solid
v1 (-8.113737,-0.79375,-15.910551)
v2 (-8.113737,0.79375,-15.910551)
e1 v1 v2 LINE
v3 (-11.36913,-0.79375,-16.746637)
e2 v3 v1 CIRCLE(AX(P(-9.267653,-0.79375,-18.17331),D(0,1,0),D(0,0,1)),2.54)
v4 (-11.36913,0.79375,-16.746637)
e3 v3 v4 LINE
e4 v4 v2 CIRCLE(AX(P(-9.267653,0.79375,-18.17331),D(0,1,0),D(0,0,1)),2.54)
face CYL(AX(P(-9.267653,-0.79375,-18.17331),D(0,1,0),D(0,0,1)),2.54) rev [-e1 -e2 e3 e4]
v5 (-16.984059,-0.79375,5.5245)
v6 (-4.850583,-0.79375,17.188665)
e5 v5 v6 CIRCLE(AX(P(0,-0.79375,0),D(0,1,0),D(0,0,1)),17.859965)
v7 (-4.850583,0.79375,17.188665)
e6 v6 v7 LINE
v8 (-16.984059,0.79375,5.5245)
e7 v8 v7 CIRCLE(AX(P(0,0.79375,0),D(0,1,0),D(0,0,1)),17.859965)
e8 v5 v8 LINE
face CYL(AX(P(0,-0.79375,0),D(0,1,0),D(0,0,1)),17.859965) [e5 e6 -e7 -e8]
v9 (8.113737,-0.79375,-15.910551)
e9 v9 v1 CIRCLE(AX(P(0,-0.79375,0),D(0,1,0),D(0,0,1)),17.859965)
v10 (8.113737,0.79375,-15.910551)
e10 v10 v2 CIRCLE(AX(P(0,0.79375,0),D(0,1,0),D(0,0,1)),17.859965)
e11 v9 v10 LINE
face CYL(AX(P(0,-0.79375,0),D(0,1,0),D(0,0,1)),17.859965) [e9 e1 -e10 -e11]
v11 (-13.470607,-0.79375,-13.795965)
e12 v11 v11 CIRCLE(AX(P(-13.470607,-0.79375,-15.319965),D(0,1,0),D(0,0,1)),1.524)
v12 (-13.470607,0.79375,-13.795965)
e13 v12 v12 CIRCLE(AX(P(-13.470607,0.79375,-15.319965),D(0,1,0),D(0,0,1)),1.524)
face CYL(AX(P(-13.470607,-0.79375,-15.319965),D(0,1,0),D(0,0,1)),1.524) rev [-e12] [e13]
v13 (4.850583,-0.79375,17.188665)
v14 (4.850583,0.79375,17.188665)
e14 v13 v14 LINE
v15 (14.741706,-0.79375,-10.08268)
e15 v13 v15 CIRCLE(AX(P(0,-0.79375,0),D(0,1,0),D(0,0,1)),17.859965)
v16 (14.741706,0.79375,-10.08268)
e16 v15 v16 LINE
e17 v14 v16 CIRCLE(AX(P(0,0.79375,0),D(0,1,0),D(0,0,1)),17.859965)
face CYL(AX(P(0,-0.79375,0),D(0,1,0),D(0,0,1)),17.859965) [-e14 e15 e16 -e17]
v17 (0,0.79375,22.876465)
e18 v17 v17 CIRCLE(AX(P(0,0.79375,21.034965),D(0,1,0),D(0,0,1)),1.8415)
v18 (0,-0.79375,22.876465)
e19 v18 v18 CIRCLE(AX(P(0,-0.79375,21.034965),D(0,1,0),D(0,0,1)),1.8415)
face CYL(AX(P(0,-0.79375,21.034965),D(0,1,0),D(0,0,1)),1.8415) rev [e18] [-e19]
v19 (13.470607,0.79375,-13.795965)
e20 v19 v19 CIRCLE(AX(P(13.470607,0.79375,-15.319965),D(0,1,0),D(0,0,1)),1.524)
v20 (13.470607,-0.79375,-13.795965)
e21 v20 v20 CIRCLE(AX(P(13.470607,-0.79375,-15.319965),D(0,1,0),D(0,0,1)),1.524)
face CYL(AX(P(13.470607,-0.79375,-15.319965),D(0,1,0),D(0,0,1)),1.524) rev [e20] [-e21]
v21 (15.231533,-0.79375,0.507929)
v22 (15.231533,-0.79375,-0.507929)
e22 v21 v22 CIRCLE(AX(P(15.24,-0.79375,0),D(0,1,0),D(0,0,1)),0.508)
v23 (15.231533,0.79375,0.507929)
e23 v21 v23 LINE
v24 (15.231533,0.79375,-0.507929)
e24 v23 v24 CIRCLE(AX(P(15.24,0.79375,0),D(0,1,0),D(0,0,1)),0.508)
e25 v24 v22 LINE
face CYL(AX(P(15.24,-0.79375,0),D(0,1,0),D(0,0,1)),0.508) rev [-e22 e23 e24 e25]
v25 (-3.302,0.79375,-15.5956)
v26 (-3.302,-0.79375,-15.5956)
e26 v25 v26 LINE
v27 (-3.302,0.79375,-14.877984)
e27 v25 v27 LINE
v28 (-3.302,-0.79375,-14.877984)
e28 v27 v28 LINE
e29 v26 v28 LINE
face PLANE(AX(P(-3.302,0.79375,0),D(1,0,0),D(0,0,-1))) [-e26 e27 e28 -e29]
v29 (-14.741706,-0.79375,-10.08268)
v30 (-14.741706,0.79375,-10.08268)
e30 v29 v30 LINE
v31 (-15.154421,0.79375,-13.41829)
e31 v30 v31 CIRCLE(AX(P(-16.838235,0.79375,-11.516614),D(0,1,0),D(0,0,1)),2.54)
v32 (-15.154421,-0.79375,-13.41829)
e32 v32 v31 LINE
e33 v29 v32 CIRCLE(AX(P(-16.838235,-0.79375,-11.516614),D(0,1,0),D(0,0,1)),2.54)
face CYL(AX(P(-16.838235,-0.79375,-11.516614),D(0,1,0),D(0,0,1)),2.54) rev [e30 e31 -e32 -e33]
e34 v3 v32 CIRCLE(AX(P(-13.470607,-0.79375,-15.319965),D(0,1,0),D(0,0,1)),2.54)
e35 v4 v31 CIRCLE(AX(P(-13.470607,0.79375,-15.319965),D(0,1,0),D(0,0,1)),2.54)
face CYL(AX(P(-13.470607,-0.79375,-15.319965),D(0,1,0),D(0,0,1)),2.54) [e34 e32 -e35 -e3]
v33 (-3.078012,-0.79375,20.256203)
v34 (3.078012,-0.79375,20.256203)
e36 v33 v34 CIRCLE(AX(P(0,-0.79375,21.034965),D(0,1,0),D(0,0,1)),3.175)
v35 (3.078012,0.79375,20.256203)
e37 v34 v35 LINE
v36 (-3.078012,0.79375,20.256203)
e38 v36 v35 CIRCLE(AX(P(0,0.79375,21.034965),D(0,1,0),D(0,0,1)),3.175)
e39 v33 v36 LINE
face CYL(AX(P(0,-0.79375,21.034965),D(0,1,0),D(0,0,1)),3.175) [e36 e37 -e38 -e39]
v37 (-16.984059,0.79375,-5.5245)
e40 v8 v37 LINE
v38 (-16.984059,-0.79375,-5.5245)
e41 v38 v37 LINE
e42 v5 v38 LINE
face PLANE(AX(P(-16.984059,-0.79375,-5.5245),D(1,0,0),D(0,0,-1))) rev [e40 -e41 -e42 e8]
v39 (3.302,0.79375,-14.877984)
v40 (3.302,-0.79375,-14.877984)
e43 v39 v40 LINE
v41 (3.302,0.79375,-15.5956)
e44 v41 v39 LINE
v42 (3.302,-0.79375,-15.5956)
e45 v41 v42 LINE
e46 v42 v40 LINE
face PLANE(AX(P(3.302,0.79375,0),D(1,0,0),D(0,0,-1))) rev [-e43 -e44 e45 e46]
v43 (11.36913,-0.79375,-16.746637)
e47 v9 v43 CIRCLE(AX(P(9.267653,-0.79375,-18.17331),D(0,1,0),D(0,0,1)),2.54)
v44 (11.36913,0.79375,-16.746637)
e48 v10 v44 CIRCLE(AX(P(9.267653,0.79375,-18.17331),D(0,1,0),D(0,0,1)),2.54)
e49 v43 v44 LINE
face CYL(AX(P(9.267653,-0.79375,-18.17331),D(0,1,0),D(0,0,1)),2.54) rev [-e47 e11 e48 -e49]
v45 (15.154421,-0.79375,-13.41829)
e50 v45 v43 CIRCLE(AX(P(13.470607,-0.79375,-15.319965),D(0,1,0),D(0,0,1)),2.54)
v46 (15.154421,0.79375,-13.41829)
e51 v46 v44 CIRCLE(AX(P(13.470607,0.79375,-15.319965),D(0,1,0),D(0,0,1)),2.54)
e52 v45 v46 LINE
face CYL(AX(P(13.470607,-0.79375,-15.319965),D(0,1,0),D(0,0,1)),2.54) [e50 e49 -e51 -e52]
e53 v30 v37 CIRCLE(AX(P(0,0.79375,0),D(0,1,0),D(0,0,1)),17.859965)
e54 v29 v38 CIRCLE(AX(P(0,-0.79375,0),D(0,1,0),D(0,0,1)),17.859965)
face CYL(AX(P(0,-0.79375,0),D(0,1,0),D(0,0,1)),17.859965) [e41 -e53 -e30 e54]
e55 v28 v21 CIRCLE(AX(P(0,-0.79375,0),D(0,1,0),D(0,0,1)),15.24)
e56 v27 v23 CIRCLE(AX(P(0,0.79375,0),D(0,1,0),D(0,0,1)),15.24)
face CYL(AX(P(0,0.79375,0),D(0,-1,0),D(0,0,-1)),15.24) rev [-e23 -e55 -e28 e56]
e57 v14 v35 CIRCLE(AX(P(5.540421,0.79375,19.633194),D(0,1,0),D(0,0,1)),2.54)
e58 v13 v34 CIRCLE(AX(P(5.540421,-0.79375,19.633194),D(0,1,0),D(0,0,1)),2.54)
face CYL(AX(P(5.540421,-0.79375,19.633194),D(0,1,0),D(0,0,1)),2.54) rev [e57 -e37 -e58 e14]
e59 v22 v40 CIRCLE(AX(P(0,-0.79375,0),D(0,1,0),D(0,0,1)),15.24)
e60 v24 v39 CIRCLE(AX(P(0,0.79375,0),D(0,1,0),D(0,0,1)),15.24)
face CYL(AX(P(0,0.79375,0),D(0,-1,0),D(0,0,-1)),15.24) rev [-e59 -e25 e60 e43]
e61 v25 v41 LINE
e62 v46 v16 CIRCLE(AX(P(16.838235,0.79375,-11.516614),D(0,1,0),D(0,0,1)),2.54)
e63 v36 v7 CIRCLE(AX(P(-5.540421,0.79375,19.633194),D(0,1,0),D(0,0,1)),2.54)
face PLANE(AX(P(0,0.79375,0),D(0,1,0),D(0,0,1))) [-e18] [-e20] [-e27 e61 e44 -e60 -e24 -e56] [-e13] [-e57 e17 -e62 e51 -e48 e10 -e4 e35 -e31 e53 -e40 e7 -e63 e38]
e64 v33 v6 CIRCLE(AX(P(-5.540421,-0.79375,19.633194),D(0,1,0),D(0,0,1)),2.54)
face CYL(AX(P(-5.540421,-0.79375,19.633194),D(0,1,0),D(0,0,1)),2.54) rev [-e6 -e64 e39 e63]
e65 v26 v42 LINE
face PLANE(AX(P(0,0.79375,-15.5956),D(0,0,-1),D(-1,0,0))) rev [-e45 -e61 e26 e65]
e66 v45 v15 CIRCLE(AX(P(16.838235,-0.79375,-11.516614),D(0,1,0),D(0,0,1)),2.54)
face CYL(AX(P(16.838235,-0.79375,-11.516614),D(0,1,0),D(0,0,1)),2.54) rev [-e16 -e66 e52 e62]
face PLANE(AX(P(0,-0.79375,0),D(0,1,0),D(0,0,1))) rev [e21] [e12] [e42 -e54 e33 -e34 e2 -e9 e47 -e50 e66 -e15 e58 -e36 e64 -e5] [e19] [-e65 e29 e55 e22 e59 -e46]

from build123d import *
from build123d.topology import SkipClean

# Parameters (mm, degrees)
SKETCH1_R           = 21.59
BOSS_EXTRUDE1_DEPTH = 0.79375
SKETCH2_R           = 1.4224
CUT_EXTRUDE1_DEPTH  = 31.574112518
CUT_EXTRUDE2_DEPTH  = 31.574112518
SKETCH4_R           = 0.508
CUT_EXTRUDE3_DEPTH  = 31.574112518
SKETCH5_R           = 1.0922
CUT_EXTRUDE4_DEPTH  = 31.574112518
SKETCH6_R           = 1.524
SKETCH6_R_2         = 1.8415
BOSS_EXTRUDE2_DEPTH = 1.5875


with BuildPart() as part:
    # Sketch1 → Boss-Extrude1 (new, symmetric)
    with BuildSketch(Plane(origin=(0, 0, 0), x_dir=(1, 0, 0), z_dir=(0, 1, 0))):
        with Locations(Location((0, 0, 0), (0, 0, 270))):
            Circle(SKETCH1_R)
        with BuildLine():
            Line((-3.302, 14.8779836), (-3.302, 15.5956))
            Line((-3.302, 15.5956), (3.302, 15.5956))
            Line((3.302, 15.5956), (3.302, 14.8779836))
            ThreePointArc((3.302, 14.8779836), (11.8865487, 9.537691545), (15.24, 0))
            ThreePointArc((15.24, 0), (-9.537691545, -11.8865487), (-3.302, 14.8779836))
        make_face(mode=Mode.SUBTRACT)
    extrude(amount=BOSS_EXTRUDE1_DEPTH, both=True)

    # Sketch2 → Cut-Extrude1 (cut, through all)
    with BuildSketch(Plane(origin=(0, 0.79375, 0), x_dir=(1, 0, 0), z_dir=(0, 1, 0))):
        with Locations(Location((0, 18.415, 0), (0, 0, 270))):
            Circle(SKETCH2_R)
        with Locations(Location((0, -18.415, 0), (0, 0, 270))):
            Circle(SKETCH2_R)
    extrude(amount=-CUT_EXTRUDE1_DEPTH, mode=Mode.SUBTRACT)

    # Sketch3 → Cut-Extrude2 (cut, through all)
    with BuildSketch(Plane(origin=(0, 0.79375, 0), x_dir=(1, 0, 0), z_dir=(0, 1, 0))):
        with BuildLine():
            Line((-20.871224203, 5.5245), (-16.984058744, 5.5245))
            Line((-16.984058744, 5.5245), (-16.984058744, -5.5245))
            Line((-16.984058744, -5.5245), (-20.871224203, -5.5245))
            ThreePointArc((-20.871224203, -5.5245), (-21.59, 0), (-20.871224203, 5.5245))
        make_face()
    extrude(amount=-CUT_EXTRUDE2_DEPTH, mode=Mode.SUBTRACT)

    # Sketch4 → Cut-Extrude3 (cut, through all)
    with BuildSketch(Plane(origin=(0, 0.79375, 0), x_dir=(1, 0, 0), z_dir=(0, 1, 0))):
        with Locations((15.24, 0)):
            Circle(SKETCH4_R)
    extrude(amount=-CUT_EXTRUDE3_DEPTH, mode=Mode.SUBTRACT)

    # Sketch5 → Cut-Extrude4 (cut, through all)
    # profile 1 of 16: a face of its own
    with BuildSketch(Plane(origin=(0, 0.79375, 0), x_dir=(1, 0, 0), z_dir=(0, 1, 0))):
        with BuildLine():
            ThreePointArc((-16.984058744, 5.5245), (-16.237733521, 7.437362555), (-15.276788696, 9.25192298))
            Line((-15.276788696, 9.25192298), (-17.314108781, 10.80523309))
            ThreePointArc((-17.314108781, 10.80523309), (-17.76113274, 11.28937197), (-18.016469323, 11.896845513))
            ThreePointArc((-18.016469323, 11.896845513), (-19.70316913, 8.826846902), (-20.871224203, 5.5245))
            Line((-20.871224203, 5.5245), (-16.984058744, 5.5245))
        make_face()
    # profile 2 of 16: a face of its own
    with BuildSketch(Plane(origin=(0, 0.79375, 0), x_dir=(1, 0, 0), z_dir=(0, 1, 0))):
        with BuildLine():
            Line((-17.314108781, 10.80523309), (-15.276788696, 9.25192298))
            ThreePointArc((-15.276788696, 9.25192298), (-14.202798716, 10.828613037), (-12.966760902, 12.28175327))
            Line((-12.966760902, 12.28175327), (-15.004080987, 13.83506338))
            ThreePointArc((-15.004080987, 13.83506338), (-15.589304916, 14.13793931), (-16.242705475, 14.223312513))
            ThreePointArc((-16.242705475, 14.223312513), (-17.169038314, 13.0901575), (-18.016469323, 11.896845513))
            ThreePointArc((-18.016469323, 11.896845513), (-17.76113274, 11.28937197), (-17.314108781, 10.80523309))
        make_face()
        with Locations((-16.159094884, 12.320148235)):
            Circle(SKETCH5_R, mode=Mode.SUBTRACT)
    # profile 3 of 16: a face of its own
    with BuildSketch(Plane(origin=(0, 0.79375, 0), x_dir=(1, 0, 0), z_dir=(0, 1, 0))):
        with Locations((-16.159094884, 12.320148235)):
            Circle(SKETCH5_R)
    # profile 4 of 16: a face of its own
    with BuildSketch(Plane(origin=(0, 0.79375, 0), x_dir=(1, 0, 0), z_dir=(0, 1, 0))):
        with BuildLine():
            Line((-15.004080987, 13.83506338), (-12.966760902, 12.28175327))
            ThreePointArc((-12.966760902, 12.28175327), (-7.645640437, 16.140710455), (-1.288911844, 17.813395463))
            ThreePointArc((-1.288911844, 17.813395463), (-0.308118121, 19.803627014), (1.4224, 18.415))
            ThreePointArc((1.4224, 18.415), (1.388627014, 18.106881879), (1.288911844, 17.813395463))
            ThreePointArc((1.288911844, 17.813395463), (5.420875683, 17.017416329), (9.25192298, 15.276788696))
            Line((9.25192298, 15.276788696), (10.80523309, 17.314108781))
            ThreePointArc((10.80523309, 17.314108781), (11.28937197, 17.76113274), (11.896845513, 18.016469323))
            ThreePointArc((11.896845513, 18.016469323), (-2.884204284, 21.396482553), (-16.242705475, 14.223312513))
            ThreePointArc((-16.242705475, 14.223312513), (-15.589304916, 14.13793931), (-15.004080987, 13.83506338))
        make_face()
    # profile 5 of 16: a face of its own
    with BuildSketch(Plane(origin=(0, 0.79375, 0), x_dir=(1, 0, 0), z_dir=(0, 1, 0))):
        with BuildLine():
            Line((10.80523309, 17.314108781), (9.25192298, 15.276788696))
            ThreePointArc((9.25192298, 15.276788696), (10.828613037, 14.202798716), (12.28175327, 12.966760902))
            Line((12.28175327, 12.966760902), (13.83506338, 15.004080987))
            ThreePointArc((13.83506338, 15.004080987), (14.13793931, 15.589304916), (14.223312513, 16.242705475))
            ThreePointArc((14.223312513, 16.242705475), (13.0901575, 17.169038314), (11.896845513, 18.016469323))
            ThreePointArc((11.896845513, 18.016469323), (11.28937197, 17.76113274), (10.80523309, 17.314108781))
        make_face()
        with Locations((12.320148235, 16.159094884)):
            Circle(SKETCH5_R, mode=Mode.SUBTRACT)
    # profile 6 of 16: a face of its own
    with BuildSketch(Plane(origin=(0, 0.79375, 0), x_dir=(1, 0, 0), z_dir=(0, 1, 0))):
        with Locations((12.320148235, 16.159094884)):
            Circle(SKETCH5_R)
    # profile 7 of 16: a face of its own
    with BuildSketch(Plane(origin=(0, 0.79375, 0), x_dir=(1, 0, 0), z_dir=(0, 1, 0))):
        with BuildLine():
            Line((13.83506338, 15.004080987), (12.28175327, 12.966760902))
            ThreePointArc((12.28175327, 12.966760902), (16.406249356, 7.057856172), (17.859965052, 0))
            ThreePointArc((17.859965052, 0), (17.202053132, -4.802886604), (15.276788696, -9.25192298))
            Line((15.276788696, -9.25192298), (17.314108781, -10.80523309))
            ThreePointArc((17.314108781, -10.80523309), (17.76113274, -11.28937197), (18.016469323, -11.896845513))
            ThreePointArc((18.016469323, -11.896845513), (21.396482553, 2.884204284), (14.223312513, 16.242705475))
            ThreePointArc((14.223312513, 16.242705475), (14.13793931, 15.589304916), (13.83506338, 15.004080987))
        make_face()
    # profile 8 of 16: a face of its own
    with BuildSketch(Plane(origin=(0, 0.79375, 0), x_dir=(1, 0, 0), z_dir=(0, 1, 0))):
        with BuildLine():
            ThreePointArc((4.602470139, -19.883377319), (4.576225926, -20.541808877), (4.327227494, -21.151907768))
            ThreePointArc((4.327227494, -21.151907768), (10.852736689, -18.664035104), (16.242705475, -14.223312513))
            ThreePointArc((16.242705475, -14.223312513), (15.589304916, -14.13793931), (15.004080987, -13.83506338))
            Line((15.004080987, -13.83506338), (12.966760902, -12.28175327))
            ThreePointArc((12.966760902, -12.28175327), (8.977744233, -15.439509712), (4.260223404, -17.344418359))
            Line((4.260223404, -17.344418359), (4.602470139, -19.883377319))
        make_face()
    # profile 9 of 16: a face of its own
    with BuildSketch(Plane(origin=(0, 0.79375, 0), x_dir=(1, 0, 0), z_dir=(0, 1, 0))):
        with BuildLine():
            ThreePointArc((15.004080987, -13.83506338), (15.589304916, -14.13793931), (16.242705475, -14.223312513))
            ThreePointArc((16.242705475, -14.223312513), (17.169038314, -13.0901575), (18.016469323, -11.896845513))
            ThreePointArc((18.016469323, -11.896845513), (17.76113274, -11.28937197), (17.314108781, -10.80523309))
            Line((17.314108781, -10.80523309), (15.276788696, -9.25192298))
            ThreePointArc((15.276788696, -9.25192298), (14.202798716, -10.828613037), (12.966760902, -12.28175327))
            Line((12.966760902, -12.28175327), (15.004080987, -13.83506338))
        make_face()
        with Locations((16.159094884, -12.320148235)):
            Circle(SKETCH5_R, mode=Mode.SUBTRACT)
    # profile 10 of 16: a face of its own
    with BuildSketch(Plane(origin=(0, 0.79375, 0), x_dir=(1, 0, 0), z_dir=(0, 1, 0))):
        with Locations((16.159094884, -12.320148235)):
            Circle(SKETCH5_R)
    # profile 11 of 16: a face of its own
    with BuildSketch(Plane(origin=(0, 0.79375, 0), x_dir=(1, 0, 0), z_dir=(0, 1, 0))):
        with BuildLine():
            ThreePointArc((0.826620277, -20.392354546), (1.026270462, -21.020335978), (1.427926458, -21.542727915))
            ThreePointArc((1.427926458, -21.542727915), (2.884204284, -21.396482553), (4.327227494, -21.151907768))
            ThreePointArc((4.327227494, -21.151907768), (4.576225926, -20.541808877), (4.602470139, -19.883377319))
            Line((4.602470139, -19.883377319), (4.260223404, -17.344418359))
            ThreePointArc((4.260223404, -17.344418359), (2.784458723, -17.64157423), (1.288911844, -17.813395463))
            ThreePointArc((1.288911844, -17.813395463), (1.388627014, -18.106881879), (1.4224, -18.415))
            ThreePointArc((1.4224, -18.415), (1.235821862, -19.119248596), (0.725034865, -19.638742704))
            Line((0.725034865, -19.638742704), (0.826620277, -20.392354546))
        make_face()
        with Locations((2.714545208, -20.137865932)):
            Circle(SKETCH5_R, mode=Mode.SUBTRACT)
    # profile 12 of 16: a face of its own
    with BuildSketch(Plane(origin=(0, 0.79375, 0), x_dir=(1, 0, 0), z_dir=(0, 1, 0))):
        with Locations((2.714545208, -20.137865932)):
            Circle(SKETCH5_R)
    # profile 13 of 16: a face of its own
    with BuildSketch(Plane(origin=(0, 0.79375, 0), x_dir=(1, 0, 0), z_dir=(0, 1, 0))):
        with BuildLine():
            ThreePointArc((-1.288911844, -17.813395463), (-5.420875683, -17.017416329), (-9.25192298, -15.276788696))
            Line((-9.25192298, -15.276788696), (-10.80523309, -17.314108781))
            ThreePointArc((-10.80523309, -17.314108781), (-11.28937197, -17.76113274), (-11.896845513, -18.016469323))
            ThreePointArc((-11.896845513, -18.016469323), (-5.523422079, -20.871509494), (1.427926458, -21.542727915))
            ThreePointArc((1.427926458, -21.542727915), (1.026270462, -21.020335978), (0.826620277, -20.392354546))
            Line((0.826620277, -20.392354546), (0.725034865, -19.638742704))
            ThreePointArc((0.725034865, -19.638742704), (-0.955229003, -19.468925667), (-1.288911844, -17.813395463))
        make_face()
    # profile 14 of 16: a face of its own
    with BuildSketch(Plane(origin=(0, 0.79375, 0), x_dir=(1, 0, 0), z_dir=(0, 1, 0))):
        with BuildLine():
            ThreePointArc((-14.223312513, -16.242705475), (-14.13793931, -15.589304916), (-13.83506338, -15.004080987))
            Line((-13.83506338, -15.004080987), (-12.28175327, -12.966760902))
            ThreePointArc((-12.28175327, -12.966760902), (-15.098634046, -9.539895263), (-16.984058744, -5.5245))
            Line((-16.984058744, -5.5245), (-20.871224203, -5.5245))
            ThreePointArc((-20.871224203, -5.5245), (-18.34738698, -11.379872188), (-14.223312513, -16.242705475))
        make_face()
    # profile 15 of 16: a face of its own
    with BuildSketch(Plane(origin=(0, 0.79375, 0), x_dir=(1, 0, 0), z_dir=(0, 1, 0))):
        with BuildLine():
            Line((-12.28175327, -12.966760902), (-13.83506338, -15.004080987))
            ThreePointArc((-13.83506338, -15.004080987), (-14.13793931, -15.589304916), (-14.223312513, -16.242705475))
            ThreePointArc((-14.223312513, -16.242705475), (-13.0901575, -17.169038314), (-11.896845513, -18.016469323))
            ThreePointArc((-11.896845513, -18.016469323), (-11.28937197, -17.76113274), (-10.80523309, -17.314108781))
            Line((-10.80523309, -17.314108781), (-9.25192298, -15.276788696))
            ThreePointArc((-9.25192298, -15.276788696), (-10.828613037, -14.202798716), (-12.28175327, -12.966760902))
        make_face()
        with Locations((-12.320148235, -16.159094884)):
            Circle(SKETCH5_R, mode=Mode.SUBTRACT)
    # profile 16 of 16: a face of its own
    with BuildSketch(Plane(origin=(0, 0.79375, 0), x_dir=(1, 0, 0), z_dir=(0, 1, 0))):
        with Locations((-12.320148235, -16.159094884)):
            Circle(SKETCH5_R)
    extrude(amount=-CUT_EXTRUDE4_DEPTH, mode=Mode.SUBTRACT)

    # Sketch6 → Boss-Extrude2 (add)
    # profile 1 of 4: a face of its own
    with SkipClean():  # the faces are left unmerged after this step: merging them gives an invalid solid
        with BuildSketch(Plane(origin=(0, 0.79375, 0), x_dir=(1, 0, 0), z_dir=(0, 1, 0))):
            with BuildLine():
                ThreePointArc((-1.288911844, 17.813395463), (0, 16.9926), (1.288911844, 17.813395463))
                ThreePointArc((1.288911844, 17.813395463), (0, 17.859965052), (-1.288911844, 17.813395463))
            make_face()
        # profile 2 of 4: a face of its own
        with BuildSketch(Plane(origin=(0, 0.79375, 0), x_dir=(1, 0, 0), z_dir=(0, 1, 0))):
            with BuildLine():
                ThreePointArc((11.369129677, 16.746637514), (9.899497811, 15.713153014), (8.113736865, 15.910550769))
                ThreePointArc((8.113736865, 15.910550769), (11.793381225, 13.412475944), (14.741706448, 10.082680331))
                ThreePointArc((14.741706448, 10.082680331), (14.317457479, 11.828509879), (15.15442109, 13.41828971))
                ThreePointArc((15.15442109, 13.41828971), (15.147832178, 17.227454162), (11.369129677, 16.746637514))
            make_face()
            with Locations(Location((13.470606702, 15.319965052, 0), (0, 0, 270))):
                Circle(SKETCH6_R, mode=Mode.SUBTRACT)
        # profile 3 of 4: a face of its own
        with BuildSketch(Plane(origin=(0, 0.79375, 0), x_dir=(1, 0, 0), z_dir=(0, 1, 0))):
            with BuildLine():
                ThreePointArc((-8.113737056, 15.910550671), (-9.899497891, 15.713153034), (-11.369129649, 16.746637472))
                ThreePointArc((-11.369129649, 16.746637472), (-15.147832152, 17.227454185), (-15.154421104, 13.418289722))
                ThreePointArc((-15.154421104, 13.418289722), (-14.317457489, 11.828509956), (-14.741706372, 10.082680443))
                ThreePointArc((-14.741706372, 10.082680443), (-11.793381255, 13.412475918), (-8.113737056, 15.910550671))
            make_face()
            with Locations(Location((-13.470606702, 15.319965052, 0), (0, 0, 270))):
                Circle(SKETCH6_R, mode=Mode.SUBTRACT)
        # profile 4 of 4: a face of its own
        with BuildSketch(Plane(origin=(0, 0.79375, 0), x_dir=(1, 0, 0), z_dir=(0, 1, 0))):
            with BuildLine():
                ThreePointArc((3.078011458, -20.256202915), (3.341190791, -18.362372667), (4.850583348, -17.188664662))
                ThreePointArc((4.850583348, -17.188664662), (3.085599204, -17.591402139), (1.288911844, -17.813395463))
                ThreePointArc((1.288911844, -17.813395463), (0, -16.9926), (-1.288911844, -17.813395463))
                ThreePointArc((-1.288911844, -17.813395463), (-3.08559897, -17.59140218), (-4.85058289, -17.188664791))
                ThreePointArc((-4.85058289, -17.188664791), (-3.34119067, -18.362372877), (-3.07801146, -20.256202925))
                ThreePointArc((-3.07801146, -20.256202925), (5e-09, -24.209965052), (3.078011458, -20.256202915))
            make_face()
            with Locations(Location((0, -21.034965052, 0), (0, 0, 270))):
                Circle(SKETCH6_R_2, mode=Mode.SUBTRACT)
        extrude(amount=-BOSS_EXTRUDE2_DEPTH)


solid = part.part
